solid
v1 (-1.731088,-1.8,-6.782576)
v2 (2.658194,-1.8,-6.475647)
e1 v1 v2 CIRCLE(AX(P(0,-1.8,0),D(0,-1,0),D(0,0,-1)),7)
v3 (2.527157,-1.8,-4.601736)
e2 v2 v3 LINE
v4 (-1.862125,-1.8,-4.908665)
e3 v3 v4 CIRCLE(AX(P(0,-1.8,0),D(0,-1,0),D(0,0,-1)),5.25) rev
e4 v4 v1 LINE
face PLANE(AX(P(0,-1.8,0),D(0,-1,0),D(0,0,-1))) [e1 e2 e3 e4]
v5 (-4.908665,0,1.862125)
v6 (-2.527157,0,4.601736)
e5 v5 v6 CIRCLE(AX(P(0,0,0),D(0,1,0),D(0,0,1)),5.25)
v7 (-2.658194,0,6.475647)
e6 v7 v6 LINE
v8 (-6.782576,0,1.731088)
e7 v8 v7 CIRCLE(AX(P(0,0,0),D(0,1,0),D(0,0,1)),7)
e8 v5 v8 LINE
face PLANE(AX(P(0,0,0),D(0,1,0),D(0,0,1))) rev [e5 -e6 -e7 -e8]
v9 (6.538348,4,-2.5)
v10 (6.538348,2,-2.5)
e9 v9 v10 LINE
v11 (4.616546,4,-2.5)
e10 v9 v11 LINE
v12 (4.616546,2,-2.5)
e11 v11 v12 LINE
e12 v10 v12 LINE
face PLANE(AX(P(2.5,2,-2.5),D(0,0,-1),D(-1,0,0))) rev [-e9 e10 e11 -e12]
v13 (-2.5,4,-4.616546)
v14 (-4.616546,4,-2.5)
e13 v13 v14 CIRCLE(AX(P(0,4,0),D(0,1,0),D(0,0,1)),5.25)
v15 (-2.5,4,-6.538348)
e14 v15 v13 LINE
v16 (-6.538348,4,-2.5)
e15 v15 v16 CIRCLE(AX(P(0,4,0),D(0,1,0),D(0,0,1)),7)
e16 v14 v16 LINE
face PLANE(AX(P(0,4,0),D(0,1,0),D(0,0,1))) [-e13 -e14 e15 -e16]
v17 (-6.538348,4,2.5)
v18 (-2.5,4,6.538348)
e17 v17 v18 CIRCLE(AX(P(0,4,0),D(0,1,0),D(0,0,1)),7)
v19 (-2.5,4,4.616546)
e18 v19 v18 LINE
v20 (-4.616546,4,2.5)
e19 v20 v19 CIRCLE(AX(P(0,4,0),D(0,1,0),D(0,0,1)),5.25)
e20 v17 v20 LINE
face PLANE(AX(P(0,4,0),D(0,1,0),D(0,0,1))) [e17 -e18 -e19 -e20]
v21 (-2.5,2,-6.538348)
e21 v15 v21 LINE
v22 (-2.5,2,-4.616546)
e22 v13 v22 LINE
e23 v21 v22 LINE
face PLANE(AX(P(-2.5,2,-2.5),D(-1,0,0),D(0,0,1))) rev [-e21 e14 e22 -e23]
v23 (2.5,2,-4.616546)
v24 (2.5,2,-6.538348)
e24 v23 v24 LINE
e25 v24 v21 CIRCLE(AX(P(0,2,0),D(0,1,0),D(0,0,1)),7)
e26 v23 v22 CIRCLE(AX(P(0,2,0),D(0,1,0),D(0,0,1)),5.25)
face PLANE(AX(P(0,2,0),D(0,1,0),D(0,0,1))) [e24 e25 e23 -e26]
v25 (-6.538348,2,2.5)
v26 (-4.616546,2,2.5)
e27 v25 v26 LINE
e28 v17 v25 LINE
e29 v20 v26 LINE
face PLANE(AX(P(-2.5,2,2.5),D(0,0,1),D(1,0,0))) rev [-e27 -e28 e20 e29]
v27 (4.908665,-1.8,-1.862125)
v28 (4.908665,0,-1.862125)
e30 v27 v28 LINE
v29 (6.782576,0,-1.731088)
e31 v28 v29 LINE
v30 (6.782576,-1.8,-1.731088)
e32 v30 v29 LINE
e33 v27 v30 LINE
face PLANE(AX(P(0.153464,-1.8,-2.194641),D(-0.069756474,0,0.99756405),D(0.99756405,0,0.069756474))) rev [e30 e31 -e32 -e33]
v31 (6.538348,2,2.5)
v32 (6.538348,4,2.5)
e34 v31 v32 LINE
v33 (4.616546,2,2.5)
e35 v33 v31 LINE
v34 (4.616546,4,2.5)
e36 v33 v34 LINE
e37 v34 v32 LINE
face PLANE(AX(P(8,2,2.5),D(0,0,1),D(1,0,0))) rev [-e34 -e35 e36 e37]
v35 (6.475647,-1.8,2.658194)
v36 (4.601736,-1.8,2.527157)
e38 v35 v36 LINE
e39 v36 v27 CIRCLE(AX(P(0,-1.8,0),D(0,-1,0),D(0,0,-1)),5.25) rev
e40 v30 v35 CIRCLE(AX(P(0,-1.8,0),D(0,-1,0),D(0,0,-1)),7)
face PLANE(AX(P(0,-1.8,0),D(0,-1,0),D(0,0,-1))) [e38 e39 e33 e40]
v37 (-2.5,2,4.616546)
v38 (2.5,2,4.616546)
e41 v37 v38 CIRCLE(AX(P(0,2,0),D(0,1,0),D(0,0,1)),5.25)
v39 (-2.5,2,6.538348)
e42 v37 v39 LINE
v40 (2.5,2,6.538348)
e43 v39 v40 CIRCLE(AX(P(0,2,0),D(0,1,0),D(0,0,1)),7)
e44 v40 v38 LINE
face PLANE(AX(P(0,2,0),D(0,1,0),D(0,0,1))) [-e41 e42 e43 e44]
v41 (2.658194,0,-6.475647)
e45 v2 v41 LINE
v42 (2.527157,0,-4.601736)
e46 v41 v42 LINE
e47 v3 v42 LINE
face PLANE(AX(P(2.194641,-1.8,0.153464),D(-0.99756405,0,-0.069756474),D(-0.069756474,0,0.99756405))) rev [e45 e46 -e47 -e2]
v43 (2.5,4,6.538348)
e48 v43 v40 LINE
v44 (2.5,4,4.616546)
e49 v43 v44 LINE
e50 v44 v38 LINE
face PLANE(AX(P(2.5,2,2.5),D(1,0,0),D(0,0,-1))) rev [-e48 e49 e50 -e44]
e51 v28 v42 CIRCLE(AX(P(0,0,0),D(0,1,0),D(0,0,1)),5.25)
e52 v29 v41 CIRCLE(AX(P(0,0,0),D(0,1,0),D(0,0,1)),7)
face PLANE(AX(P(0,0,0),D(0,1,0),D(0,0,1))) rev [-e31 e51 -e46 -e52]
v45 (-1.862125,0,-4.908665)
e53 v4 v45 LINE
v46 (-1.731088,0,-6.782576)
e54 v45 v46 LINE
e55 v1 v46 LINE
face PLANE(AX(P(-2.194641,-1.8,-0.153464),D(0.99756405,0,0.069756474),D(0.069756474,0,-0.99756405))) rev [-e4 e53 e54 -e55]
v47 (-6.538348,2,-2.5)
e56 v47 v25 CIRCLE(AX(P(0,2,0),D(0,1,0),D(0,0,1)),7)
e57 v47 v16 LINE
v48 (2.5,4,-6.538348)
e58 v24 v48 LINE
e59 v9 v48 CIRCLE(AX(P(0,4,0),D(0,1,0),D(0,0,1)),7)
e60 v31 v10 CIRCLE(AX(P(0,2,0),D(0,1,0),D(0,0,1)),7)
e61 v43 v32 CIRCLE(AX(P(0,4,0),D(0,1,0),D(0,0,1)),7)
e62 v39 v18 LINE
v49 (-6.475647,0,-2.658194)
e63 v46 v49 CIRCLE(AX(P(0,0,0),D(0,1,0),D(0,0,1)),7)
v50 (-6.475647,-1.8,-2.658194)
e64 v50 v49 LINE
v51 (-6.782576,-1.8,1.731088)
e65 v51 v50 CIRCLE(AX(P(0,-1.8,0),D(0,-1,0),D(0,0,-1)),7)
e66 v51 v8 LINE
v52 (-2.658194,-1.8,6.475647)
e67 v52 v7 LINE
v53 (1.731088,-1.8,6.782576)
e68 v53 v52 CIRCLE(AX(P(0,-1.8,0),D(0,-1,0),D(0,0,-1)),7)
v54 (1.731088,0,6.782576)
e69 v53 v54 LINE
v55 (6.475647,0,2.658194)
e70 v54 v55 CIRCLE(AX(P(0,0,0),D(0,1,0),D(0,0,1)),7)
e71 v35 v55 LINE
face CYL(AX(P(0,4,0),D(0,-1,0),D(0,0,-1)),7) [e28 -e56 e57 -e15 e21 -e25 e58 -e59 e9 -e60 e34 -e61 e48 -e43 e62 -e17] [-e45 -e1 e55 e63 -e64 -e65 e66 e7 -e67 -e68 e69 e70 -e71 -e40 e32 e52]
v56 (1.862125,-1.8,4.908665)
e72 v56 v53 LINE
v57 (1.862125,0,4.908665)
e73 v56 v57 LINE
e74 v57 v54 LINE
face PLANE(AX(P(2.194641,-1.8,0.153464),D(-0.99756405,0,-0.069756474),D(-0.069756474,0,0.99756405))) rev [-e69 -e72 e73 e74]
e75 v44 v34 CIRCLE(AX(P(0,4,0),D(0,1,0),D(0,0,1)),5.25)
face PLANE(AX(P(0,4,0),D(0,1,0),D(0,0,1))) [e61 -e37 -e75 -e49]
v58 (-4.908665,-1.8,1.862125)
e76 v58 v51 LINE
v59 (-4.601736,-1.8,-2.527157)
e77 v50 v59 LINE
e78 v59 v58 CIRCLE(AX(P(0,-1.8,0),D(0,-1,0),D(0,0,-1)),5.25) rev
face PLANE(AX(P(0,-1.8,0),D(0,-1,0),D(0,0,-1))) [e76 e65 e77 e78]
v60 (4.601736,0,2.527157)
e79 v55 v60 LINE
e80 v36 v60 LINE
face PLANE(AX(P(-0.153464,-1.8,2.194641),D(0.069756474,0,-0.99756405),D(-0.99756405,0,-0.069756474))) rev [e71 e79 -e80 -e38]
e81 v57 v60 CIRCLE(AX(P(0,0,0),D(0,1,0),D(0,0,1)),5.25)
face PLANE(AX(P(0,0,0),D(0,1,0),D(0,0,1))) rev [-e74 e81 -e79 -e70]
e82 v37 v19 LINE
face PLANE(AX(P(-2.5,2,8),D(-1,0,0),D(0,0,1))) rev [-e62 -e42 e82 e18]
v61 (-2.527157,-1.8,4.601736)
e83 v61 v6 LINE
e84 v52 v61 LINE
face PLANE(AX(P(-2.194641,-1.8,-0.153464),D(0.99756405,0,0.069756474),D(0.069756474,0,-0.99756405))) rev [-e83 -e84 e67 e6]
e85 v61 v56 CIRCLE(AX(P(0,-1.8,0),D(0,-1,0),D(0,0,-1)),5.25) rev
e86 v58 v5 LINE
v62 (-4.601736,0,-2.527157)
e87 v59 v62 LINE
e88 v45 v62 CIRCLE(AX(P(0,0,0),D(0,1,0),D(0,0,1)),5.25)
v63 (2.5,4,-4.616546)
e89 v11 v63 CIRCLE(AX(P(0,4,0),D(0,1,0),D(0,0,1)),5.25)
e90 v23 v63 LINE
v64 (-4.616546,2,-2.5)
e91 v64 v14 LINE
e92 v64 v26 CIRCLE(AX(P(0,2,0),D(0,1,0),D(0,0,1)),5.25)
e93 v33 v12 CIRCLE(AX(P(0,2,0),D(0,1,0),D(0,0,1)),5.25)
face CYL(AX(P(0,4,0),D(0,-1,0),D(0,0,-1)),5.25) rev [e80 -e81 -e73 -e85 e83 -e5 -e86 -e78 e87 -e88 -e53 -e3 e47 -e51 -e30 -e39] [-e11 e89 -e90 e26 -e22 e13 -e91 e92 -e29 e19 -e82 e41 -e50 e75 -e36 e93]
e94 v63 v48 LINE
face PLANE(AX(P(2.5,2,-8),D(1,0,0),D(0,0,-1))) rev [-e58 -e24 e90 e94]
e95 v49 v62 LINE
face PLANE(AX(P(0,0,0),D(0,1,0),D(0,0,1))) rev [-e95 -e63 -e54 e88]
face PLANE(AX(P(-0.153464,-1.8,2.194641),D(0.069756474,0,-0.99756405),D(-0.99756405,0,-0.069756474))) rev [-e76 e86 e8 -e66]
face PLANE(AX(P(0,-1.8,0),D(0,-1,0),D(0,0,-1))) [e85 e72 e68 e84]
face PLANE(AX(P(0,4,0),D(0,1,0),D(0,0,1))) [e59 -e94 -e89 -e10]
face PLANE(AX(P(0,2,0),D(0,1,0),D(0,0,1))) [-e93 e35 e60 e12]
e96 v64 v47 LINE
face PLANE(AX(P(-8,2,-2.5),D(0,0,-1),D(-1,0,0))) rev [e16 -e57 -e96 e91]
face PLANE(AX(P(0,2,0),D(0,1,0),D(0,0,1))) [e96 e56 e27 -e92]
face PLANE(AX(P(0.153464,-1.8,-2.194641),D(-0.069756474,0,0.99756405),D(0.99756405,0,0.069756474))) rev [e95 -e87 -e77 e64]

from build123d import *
from build123d.topology import SkipClean

# Parameters (mm, degrees)
SKETCH_1_R          = 7
SKETCH_1_R_2        = 5.25
EXTRUDE_1_DEPTH     = 4
CUT_EXTRUDE_1_DEPTH = 2
EXTRUDE_START       = 1.8
EXTRUDE_2_DEPTH     = 1.8


with BuildPart() as part:
    # 草图1 → 凸台-拉伸1 (new body)
    with BuildSketch(Plane(origin=(0, 0, 0), x_dir=(1, 0, 0), z_dir=(0, 1, 0))):
        with Locations(Location((0, 0, 0), (0, 0, 270))):
            Circle(SKETCH_1_R)
        with Locations(Location((0, 0, 0), (0, 0, 270))):
            Circle(SKETCH_1_R_2, mode=Mode.SUBTRACT)
    extrude(amount=EXTRUDE_1_DEPTH)

    # 草图2 → 切除-拉伸1 (cut)
    with BuildSketch(Plane(origin=(0, 4, 0), x_dir=(1, 0, 0), z_dir=(0, 1, 0))):
        Polygon((-2.5, 2.5), (-2.5, 8), (2.5, 8), (2.5, 2.5), (8, 2.5), (8, -2.5), (2.5, -2.5), (2.5, -8), (-2.5, -8), (-2.5, -2.5), (-8, -2.5), (-8, 2.5), align=None)
    extrude(amount=-CUT_EXTRUDE_1_DEPTH, mode=Mode.SUBTRACT)

    # 草图3 → 凸台-拉伸2 (add)
    with SkipClean():  # the faces are left unmerged after this step: merging them gives an invalid solid
        with BuildSketch(Plane.XZ.offset(EXTRUDE_START)):
            with BuildLine():
                ThreePointArc((1.731088279, 6.782575718), (-0.488295316, 6.982948352), (-2.658193542, 6.475647234))
                Line((-2.658193542, 6.475647234), (-2.527156931, 4.601736395))
                ThreePointArc((-2.527156931, 4.601736395), (-0.366221487, 5.237211264), (1.86212489, 4.908664879))
                Line((1.86212489, 4.908664879), (1.731088279, 6.782575718))
            make_face()
            with BuildLine():
                Line((-4.908664879, 1.86212489), (-6.782575718, 1.731088279))
                ThreePointArc((-6.782575718, 1.731088279), (-6.982948352, -0.488295316), (-6.475647234, -2.658193542))
                Line((-6.475647234, -2.658193542), (-4.601736395, -2.527156931))
                ThreePointArc((-4.601736395, -2.527156931), (-5.237211264, -0.366221487), (-4.908664879, 1.86212489))
            make_face()
            with BuildLine():
                Line((-1.86212489, -4.908664879), (-1.731088279, -6.782575718))
                ThreePointArc((-1.731088279, -6.782575718), (0.488295316, -6.982948352), (2.658193542, -6.475647234))
                Line((2.658193542, -6.475647234), (2.527156931, -4.601736395))
                ThreePointArc((2.527156931, -4.601736395), (0.366221487, -5.237211264), (-1.86212489, -4.908664879))
            make_face()
            with BuildLine():
                ThreePointArc((7, 0), (6.867660833, 1.354708339), (6.475647234, 2.658193542))
                Line((6.475647234, 2.658193542), (4.601736395, 2.527156931))
                ThreePointArc((4.601736395, 2.527156931), (5.085352302, 1.304489158), (5.25, 0))
                ThreePointArc((5.25, 0), (5.163961203, -0.946575244), (4.908664879, -1.86212489))
                Line((4.908664879, -1.86212489), (6.782575718, -1.731088279))
                ThreePointArc((6.782575718, -1.731088279), (6.945431233, -0.872344535), (7, 0))
            make_face()
        extrude(amount=-EXTRUDE_2_DEPTH)


solid = part.part
